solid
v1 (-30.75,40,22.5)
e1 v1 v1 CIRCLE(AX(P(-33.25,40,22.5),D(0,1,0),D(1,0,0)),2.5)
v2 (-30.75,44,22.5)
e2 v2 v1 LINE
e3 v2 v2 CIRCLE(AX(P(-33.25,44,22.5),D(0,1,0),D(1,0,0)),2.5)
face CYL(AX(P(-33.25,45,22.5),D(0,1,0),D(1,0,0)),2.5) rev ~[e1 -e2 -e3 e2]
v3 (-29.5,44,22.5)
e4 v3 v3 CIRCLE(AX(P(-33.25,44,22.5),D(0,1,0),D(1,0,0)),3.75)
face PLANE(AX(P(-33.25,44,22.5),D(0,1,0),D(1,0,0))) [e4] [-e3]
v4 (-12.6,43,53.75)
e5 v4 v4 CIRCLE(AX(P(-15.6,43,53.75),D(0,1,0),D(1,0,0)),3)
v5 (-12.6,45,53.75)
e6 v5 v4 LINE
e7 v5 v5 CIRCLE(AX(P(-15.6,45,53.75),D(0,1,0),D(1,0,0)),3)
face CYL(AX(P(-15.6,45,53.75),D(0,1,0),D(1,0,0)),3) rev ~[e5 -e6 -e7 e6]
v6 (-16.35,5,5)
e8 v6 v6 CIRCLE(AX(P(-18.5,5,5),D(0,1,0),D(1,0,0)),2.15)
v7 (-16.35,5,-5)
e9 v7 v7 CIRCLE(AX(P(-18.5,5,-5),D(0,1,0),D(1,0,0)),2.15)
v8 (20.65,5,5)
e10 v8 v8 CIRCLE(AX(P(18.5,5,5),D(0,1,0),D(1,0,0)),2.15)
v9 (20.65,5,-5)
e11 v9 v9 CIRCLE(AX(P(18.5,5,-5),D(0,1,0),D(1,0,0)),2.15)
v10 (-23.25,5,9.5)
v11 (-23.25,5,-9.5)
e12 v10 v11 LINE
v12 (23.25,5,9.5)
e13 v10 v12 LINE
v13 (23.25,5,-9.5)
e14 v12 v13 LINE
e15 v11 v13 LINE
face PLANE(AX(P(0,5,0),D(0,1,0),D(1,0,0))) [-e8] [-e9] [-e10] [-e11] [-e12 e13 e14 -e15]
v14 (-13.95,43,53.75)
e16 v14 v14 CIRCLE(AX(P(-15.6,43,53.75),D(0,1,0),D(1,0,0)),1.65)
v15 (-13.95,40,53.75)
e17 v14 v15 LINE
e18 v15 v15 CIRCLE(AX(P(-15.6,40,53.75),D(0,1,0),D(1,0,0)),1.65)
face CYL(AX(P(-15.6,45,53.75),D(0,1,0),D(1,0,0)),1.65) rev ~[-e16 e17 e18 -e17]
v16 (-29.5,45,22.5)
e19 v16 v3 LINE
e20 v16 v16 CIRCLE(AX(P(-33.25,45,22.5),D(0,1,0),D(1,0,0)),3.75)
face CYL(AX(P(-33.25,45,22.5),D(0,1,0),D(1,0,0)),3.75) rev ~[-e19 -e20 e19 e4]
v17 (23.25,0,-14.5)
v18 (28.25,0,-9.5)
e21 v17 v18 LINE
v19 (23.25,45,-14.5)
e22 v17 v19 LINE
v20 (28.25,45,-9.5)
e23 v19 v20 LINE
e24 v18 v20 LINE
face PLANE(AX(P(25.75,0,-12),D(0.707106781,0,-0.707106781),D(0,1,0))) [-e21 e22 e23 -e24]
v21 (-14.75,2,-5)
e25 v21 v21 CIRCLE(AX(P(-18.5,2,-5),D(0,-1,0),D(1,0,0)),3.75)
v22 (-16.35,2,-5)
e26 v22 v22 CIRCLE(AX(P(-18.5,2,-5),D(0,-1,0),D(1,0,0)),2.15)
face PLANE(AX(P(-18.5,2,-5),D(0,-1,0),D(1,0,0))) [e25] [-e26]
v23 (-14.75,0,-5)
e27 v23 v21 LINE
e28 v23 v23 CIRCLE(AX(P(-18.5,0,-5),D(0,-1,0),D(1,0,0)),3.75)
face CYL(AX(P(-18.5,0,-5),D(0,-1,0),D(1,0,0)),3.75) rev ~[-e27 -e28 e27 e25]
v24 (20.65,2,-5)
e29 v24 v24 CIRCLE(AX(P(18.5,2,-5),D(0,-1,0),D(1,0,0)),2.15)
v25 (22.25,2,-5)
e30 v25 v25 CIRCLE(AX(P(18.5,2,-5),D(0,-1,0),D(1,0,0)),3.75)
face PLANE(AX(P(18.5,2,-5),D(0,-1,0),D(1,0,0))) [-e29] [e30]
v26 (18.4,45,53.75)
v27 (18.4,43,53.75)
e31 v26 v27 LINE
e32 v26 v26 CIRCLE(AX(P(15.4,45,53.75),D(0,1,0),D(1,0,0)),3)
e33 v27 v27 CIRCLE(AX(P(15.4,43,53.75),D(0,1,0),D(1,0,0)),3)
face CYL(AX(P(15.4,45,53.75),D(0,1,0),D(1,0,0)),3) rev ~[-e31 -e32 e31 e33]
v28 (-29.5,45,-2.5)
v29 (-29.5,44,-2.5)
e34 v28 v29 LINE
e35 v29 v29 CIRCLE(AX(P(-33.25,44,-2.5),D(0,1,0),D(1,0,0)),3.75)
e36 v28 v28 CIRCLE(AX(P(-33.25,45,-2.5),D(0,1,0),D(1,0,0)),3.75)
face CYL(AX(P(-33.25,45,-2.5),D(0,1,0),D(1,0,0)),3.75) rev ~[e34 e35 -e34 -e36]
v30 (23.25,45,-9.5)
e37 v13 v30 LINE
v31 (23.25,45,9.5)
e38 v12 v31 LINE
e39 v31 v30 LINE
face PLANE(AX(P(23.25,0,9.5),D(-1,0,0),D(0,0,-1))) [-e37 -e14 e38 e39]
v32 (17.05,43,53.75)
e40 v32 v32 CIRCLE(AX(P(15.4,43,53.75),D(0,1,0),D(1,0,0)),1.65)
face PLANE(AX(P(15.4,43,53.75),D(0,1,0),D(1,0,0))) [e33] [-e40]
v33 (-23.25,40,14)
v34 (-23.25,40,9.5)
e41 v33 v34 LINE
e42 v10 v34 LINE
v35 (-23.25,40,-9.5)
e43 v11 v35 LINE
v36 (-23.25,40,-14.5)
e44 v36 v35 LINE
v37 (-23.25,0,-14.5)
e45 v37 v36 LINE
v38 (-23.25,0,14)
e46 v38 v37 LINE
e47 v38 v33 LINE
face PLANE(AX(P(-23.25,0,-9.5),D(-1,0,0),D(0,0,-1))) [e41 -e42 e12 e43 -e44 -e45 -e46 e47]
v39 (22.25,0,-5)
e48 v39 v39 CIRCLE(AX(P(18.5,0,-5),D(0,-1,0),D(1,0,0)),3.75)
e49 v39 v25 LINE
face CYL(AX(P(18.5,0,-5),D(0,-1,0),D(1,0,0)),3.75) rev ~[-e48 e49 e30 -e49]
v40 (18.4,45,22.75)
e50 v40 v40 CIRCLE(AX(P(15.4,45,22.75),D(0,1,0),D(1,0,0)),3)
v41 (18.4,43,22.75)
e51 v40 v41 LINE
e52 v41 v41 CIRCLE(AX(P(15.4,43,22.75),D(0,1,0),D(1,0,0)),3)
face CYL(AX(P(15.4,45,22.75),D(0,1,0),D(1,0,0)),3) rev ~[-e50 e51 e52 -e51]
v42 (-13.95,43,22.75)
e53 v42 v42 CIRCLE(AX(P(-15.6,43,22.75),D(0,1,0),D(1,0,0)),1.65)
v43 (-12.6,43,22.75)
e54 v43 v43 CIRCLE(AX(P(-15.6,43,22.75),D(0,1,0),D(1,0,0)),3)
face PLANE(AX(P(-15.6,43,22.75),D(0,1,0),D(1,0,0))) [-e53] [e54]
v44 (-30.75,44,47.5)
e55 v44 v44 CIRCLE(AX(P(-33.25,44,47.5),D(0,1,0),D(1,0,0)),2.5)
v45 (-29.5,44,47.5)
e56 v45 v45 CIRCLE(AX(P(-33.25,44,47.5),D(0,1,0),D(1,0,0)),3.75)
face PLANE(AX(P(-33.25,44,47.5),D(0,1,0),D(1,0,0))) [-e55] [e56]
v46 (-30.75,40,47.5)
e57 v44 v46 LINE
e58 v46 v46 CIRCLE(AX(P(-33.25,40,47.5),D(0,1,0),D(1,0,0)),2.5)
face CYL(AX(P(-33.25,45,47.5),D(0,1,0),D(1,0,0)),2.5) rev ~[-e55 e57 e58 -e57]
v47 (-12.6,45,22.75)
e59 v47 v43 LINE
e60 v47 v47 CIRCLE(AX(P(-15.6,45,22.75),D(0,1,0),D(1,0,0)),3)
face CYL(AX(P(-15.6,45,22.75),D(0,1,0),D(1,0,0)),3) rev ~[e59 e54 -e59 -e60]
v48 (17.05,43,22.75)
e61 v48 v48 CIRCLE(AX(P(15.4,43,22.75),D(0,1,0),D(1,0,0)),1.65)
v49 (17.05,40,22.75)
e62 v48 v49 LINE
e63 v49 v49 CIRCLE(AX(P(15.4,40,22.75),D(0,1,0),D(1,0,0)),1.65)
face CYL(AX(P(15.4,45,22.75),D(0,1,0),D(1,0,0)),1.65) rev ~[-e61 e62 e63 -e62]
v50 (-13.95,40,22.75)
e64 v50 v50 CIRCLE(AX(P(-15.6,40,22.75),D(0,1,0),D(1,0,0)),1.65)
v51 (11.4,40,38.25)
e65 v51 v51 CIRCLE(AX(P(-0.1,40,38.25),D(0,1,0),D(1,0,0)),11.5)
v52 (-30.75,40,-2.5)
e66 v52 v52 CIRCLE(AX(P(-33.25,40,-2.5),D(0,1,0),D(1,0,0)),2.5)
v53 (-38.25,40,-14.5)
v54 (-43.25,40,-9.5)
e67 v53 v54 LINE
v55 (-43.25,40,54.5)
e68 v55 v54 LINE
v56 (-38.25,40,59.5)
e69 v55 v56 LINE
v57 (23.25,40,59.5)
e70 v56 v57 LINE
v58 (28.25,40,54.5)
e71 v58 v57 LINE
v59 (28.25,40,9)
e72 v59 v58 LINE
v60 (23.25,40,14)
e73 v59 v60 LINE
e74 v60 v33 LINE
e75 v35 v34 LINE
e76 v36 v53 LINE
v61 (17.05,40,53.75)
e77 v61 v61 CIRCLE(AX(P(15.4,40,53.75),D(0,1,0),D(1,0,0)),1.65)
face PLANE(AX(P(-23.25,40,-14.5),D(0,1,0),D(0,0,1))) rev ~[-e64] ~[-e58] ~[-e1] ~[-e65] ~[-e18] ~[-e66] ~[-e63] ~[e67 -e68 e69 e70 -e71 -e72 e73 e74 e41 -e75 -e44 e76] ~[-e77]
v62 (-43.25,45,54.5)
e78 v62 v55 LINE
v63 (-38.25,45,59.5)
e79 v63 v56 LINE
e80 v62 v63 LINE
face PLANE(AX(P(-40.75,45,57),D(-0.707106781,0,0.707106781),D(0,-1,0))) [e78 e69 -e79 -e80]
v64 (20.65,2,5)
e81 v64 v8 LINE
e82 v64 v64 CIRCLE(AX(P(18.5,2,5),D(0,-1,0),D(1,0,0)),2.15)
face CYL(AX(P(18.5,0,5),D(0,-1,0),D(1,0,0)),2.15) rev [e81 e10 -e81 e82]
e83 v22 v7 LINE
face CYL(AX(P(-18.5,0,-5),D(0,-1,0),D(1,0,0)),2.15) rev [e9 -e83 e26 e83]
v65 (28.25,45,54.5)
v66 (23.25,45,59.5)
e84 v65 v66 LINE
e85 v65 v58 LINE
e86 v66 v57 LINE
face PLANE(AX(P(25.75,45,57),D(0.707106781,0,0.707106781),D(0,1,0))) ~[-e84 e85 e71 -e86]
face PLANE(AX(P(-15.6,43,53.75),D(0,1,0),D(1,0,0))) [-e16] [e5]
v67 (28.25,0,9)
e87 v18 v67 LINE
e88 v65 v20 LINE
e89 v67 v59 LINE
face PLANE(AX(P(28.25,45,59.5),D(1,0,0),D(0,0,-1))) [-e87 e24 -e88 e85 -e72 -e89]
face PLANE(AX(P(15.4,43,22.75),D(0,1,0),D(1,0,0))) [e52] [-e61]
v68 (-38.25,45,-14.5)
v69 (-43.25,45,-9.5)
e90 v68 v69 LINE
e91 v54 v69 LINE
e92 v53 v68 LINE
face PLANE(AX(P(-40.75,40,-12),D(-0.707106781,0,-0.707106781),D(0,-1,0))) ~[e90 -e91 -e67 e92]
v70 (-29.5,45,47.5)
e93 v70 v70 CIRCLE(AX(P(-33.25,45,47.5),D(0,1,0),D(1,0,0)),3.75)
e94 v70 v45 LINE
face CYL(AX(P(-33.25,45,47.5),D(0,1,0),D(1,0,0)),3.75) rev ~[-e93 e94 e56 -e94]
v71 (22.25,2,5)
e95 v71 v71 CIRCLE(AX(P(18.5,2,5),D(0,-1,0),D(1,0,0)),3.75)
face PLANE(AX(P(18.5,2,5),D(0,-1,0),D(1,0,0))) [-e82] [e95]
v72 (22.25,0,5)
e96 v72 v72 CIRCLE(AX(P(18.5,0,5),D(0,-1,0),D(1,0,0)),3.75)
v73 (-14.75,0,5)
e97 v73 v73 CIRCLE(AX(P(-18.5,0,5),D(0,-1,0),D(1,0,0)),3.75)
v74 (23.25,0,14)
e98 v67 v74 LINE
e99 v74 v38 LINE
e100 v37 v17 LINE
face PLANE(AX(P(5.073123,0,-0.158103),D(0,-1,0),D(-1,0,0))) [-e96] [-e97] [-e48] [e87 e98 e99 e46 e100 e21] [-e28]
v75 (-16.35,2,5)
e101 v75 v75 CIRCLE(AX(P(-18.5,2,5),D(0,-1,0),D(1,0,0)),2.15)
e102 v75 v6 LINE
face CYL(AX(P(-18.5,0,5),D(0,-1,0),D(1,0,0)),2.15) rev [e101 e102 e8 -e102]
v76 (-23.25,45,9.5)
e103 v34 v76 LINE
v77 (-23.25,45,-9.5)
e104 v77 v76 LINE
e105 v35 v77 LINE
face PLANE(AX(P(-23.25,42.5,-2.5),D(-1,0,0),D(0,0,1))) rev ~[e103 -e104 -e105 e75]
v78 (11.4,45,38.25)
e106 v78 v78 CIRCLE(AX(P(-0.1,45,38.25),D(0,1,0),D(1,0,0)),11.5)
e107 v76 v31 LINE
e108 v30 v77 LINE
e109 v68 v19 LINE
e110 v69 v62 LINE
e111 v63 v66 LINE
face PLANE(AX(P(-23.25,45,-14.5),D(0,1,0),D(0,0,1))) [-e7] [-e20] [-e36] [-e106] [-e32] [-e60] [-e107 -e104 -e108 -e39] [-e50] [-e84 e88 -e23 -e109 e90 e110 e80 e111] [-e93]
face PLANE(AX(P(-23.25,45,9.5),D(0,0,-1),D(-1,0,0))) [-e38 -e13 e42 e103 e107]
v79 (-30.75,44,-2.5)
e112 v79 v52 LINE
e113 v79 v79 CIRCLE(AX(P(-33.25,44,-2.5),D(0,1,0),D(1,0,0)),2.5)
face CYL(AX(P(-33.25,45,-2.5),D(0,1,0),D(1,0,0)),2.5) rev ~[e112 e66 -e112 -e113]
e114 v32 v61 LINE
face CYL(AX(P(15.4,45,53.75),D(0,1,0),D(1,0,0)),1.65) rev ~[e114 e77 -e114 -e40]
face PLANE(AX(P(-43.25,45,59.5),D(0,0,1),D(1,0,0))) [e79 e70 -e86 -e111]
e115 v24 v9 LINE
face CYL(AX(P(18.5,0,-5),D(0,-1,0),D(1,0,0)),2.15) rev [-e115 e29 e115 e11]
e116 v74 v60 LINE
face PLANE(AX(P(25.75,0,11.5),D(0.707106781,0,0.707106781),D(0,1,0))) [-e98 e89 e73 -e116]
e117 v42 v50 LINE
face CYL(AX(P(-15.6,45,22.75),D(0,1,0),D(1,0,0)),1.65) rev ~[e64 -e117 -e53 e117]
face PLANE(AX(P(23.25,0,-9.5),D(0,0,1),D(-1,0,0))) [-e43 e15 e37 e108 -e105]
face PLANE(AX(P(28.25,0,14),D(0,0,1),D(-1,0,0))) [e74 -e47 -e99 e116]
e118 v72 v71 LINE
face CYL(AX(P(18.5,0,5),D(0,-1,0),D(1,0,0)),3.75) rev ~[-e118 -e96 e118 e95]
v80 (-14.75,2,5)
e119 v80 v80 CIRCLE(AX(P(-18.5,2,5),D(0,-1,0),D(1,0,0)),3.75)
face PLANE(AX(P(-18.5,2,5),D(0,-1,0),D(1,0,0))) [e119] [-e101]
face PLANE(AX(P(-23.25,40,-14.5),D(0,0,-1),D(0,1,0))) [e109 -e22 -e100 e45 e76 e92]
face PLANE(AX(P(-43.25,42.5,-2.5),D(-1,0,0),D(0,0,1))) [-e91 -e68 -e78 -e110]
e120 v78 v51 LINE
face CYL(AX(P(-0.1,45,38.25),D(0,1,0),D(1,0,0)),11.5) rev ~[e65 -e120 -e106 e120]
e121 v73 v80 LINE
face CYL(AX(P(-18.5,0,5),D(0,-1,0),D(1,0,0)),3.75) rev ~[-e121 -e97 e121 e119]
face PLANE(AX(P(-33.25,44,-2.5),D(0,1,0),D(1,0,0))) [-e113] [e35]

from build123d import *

# Parameters (mm, degrees)
SKETCH1_W           = 46.5
SKETCH1_H           = 19
SKETCH1_R           = 2.15
BOSS_EXTRUDE1_DEPTH = 5
BOSS_EXTRUDE2_DEPTH = 45
BOSS_EXTRUDE5_DEPTH = 5
CUT_EXTRUDE1_REACH  = 47
SKETCH7_R           = 11.5
SKETCH7_R_2         = 1.65
SKETCH8_W           = 24
SKETCH8_H           = 5
BOSS_EXTRUDE6_DEPTH = 20
CUT_EXTRUDE2_REACH  = 47
SKETCH9_R           = 2.5
CHAMFER1_SIZE       = 5
SKETCH10_R          = 3
CUT_EXTRUDE3_DEPTH  = 2
SKETCH12_R          = 3.75
CUT_EXTRUDE5_DEPTH  = 2
SKETCH13_R          = 3.75
CUT_EXTRUDE6_DEPTH  = 1


with BuildPart() as part:
    # Sketch1 → Boss-Extrude1 (new body)
    with BuildSketch(Plane(origin=(0, 0, 0), x_dir=(1, 0, 0), z_dir=(0, 1, 0))):
        Rectangle(SKETCH1_W, SKETCH1_H)
        with Locations((-18.5, 5)):
            Circle(SKETCH1_R, mode=Mode.SUBTRACT)
        with Locations((-18.5, -5)):
            Circle(SKETCH1_R, mode=Mode.SUBTRACT)
        with Locations((18.5, -5)):
            Circle(SKETCH1_R, mode=Mode.SUBTRACT)
        with Locations((18.5, 5)):
            Circle(SKETCH1_R, mode=Mode.SUBTRACT)
    extrude(amount=BOSS_EXTRUDE1_DEPTH)

    # Sketch2 → Boss-Extrude2 (add)
    with BuildSketch(Plane(origin=(0, 0, 0), x_dir=(1, 0, 0), z_dir=(0, 1, 0))):
        Polygon((28.25, 14.5), (28.25, -14), (-23.25, -14), (-23.25, -9.5), (23.25, -9.5), (23.25, 9.5), (-23.25, 9.5), (-23.25, 14.5), align=None)
    extrude(amount=BOSS_EXTRUDE2_DEPTH)

    # Sketch6 → Boss-Extrude5 (add)
    with BuildSketch(Plane(origin=(0, 45, 0), x_dir=(1, 0, 0), z_dir=(0, 1, 0))):
        Polygon((28.25, -14), (-23.25, -14), (-23.25, -9.5), (-43.25, -9.5), (-43.25, -59.5), (28.25, -59.5), align=None)
    extrude(amount=-BOSS_EXTRUDE5_DEPTH)

    # Sketch7 → Cut-Extrude1 (cut, up to next)
    with BuildSketch(Plane(origin=(0, 45, 0), x_dir=(1, 0, 0), z_dir=(0, 1, 0)), mode=Mode.PRIVATE) as cut_extrude1_sk1:
        with Locations((-0.1, -38.25)):
            Circle(SKETCH7_R)
    cut_extrude1_tool1 = extrude(cut_extrude1_sk1.sketch, amount=-CUT_EXTRUDE1_REACH, mode=Mode.PRIVATE) & part.part
    add(cut_extrude1_tool1.solids().sort_by_distance((-0.1, 45, 38.25))[0], mode=Mode.SUBTRACT)
    # Sketch7 → Cut-Extrude1 (cut, up to next)
    with BuildSketch(Plane(origin=(0, 45, 0), x_dir=(1, 0, 0), z_dir=(0, 1, 0)), mode=Mode.PRIVATE) as cut_extrude1_sk2:
        with Locations((-15.6, -22.75)):
            Circle(SKETCH7_R_2)
    cut_extrude1_tool2 = extrude(cut_extrude1_sk2.sketch, amount=-CUT_EXTRUDE1_REACH, mode=Mode.PRIVATE) & part.part
    add(cut_extrude1_tool2.solids().sort_by_distance((-15.6, 45, 22.75))[0], mode=Mode.SUBTRACT)
    # Sketch7 → Cut-Extrude1 (cut, up to next)
    with BuildSketch(Plane(origin=(0, 45, 0), x_dir=(1, 0, 0), z_dir=(0, 1, 0)), mode=Mode.PRIVATE) as cut_extrude1_sk3:
        with Locations((15.4, -22.75)):
            Circle(SKETCH7_R_2)
    cut_extrude1_tool3 = extrude(cut_extrude1_sk3.sketch, amount=-CUT_EXTRUDE1_REACH, mode=Mode.PRIVATE) & part.part
    add(cut_extrude1_tool3.solids().sort_by_distance((15.4, 45, 22.75))[0], mode=Mode.SUBTRACT)
    # Sketch7 → Cut-Extrude1 (cut, up to next)
    with BuildSketch(Plane(origin=(0, 45, 0), x_dir=(1, 0, 0), z_dir=(0, 1, 0)), mode=Mode.PRIVATE) as cut_extrude1_sk4:
        with Locations((15.4, -53.75)):
            Circle(SKETCH7_R_2)
    cut_extrude1_tool4 = extrude(cut_extrude1_sk4.sketch, amount=-CUT_EXTRUDE1_REACH, mode=Mode.PRIVATE) & part.part
    add(cut_extrude1_tool4.solids().sort_by_distance((15.4, 45, 53.75))[0], mode=Mode.SUBTRACT)
    # Sketch7 → Cut-Extrude1 (cut, up to next)
    with BuildSketch(Plane(origin=(0, 45, 0), x_dir=(1, 0, 0), z_dir=(0, 1, 0)), mode=Mode.PRIVATE) as cut_extrude1_sk5:
        with Locations((-15.6, -53.75)):
            Circle(SKETCH7_R_2)
    cut_extrude1_tool5 = extrude(cut_extrude1_sk5.sketch, amount=-CUT_EXTRUDE1_REACH, mode=Mode.PRIVATE) & part.part
    add(cut_extrude1_tool5.solids().sort_by_distance((-15.6, 45, 53.75))[0], mode=Mode.SUBTRACT)

    # Sketch8 → Boss-Extrude6 (add)
    with BuildSketch(Plane.ZY.offset(23.25)):
        with Locations((-2.5, 42.5)):
            Rectangle(SKETCH8_W, SKETCH8_H)
    extrude(amount=BOSS_EXTRUDE6_DEPTH)

    # Sketch9 → Cut-Extrude2 (cut, up to next)
    with BuildSketch(Plane(origin=(0, 45, 0), x_dir=(1, 0, 0), z_dir=(0, 1, 0)), mode=Mode.PRIVATE) as cut_extrude2_sk1:
        with Locations((-33.25, 2.5)):
            Circle(SKETCH9_R)
    cut_extrude2_tool1 = extrude(cut_extrude2_sk1.sketch, amount=-CUT_EXTRUDE2_REACH, mode=Mode.PRIVATE) & part.part
    add(cut_extrude2_tool1.solids().sort_by_distance((-33.25, 45, -2.5))[0], mode=Mode.SUBTRACT)
    # Sketch9 → Cut-Extrude2 (cut, up to next)
    with BuildSketch(Plane(origin=(0, 45, 0), x_dir=(1, 0, 0), z_dir=(0, 1, 0)), mode=Mode.PRIVATE) as cut_extrude2_sk2:
        with Locations((-33.25, -22.5)):
            Circle(SKETCH9_R)
    cut_extrude2_tool2 = extrude(cut_extrude2_sk2.sketch, amount=-CUT_EXTRUDE2_REACH, mode=Mode.PRIVATE) & part.part
    add(cut_extrude2_tool2.solids().sort_by_distance((-33.25, 45, 22.5))[0], mode=Mode.SUBTRACT)
    # Sketch9 → Cut-Extrude2 (cut, up to next)
    with BuildSketch(Plane(origin=(0, 45, 0), x_dir=(1, 0, 0), z_dir=(0, 1, 0)), mode=Mode.PRIVATE) as cut_extrude2_sk3:
        with Locations((-33.25, -47.5)):
            Circle(SKETCH9_R)
    cut_extrude2_tool3 = extrude(cut_extrude2_sk3.sketch, amount=-CUT_EXTRUDE2_REACH, mode=Mode.PRIVATE) & part.part
    add(cut_extrude2_tool3.solids().sort_by_distance((-33.25, 45, 47.5))[0], mode=Mode.SUBTRACT)

    # Chamfer1
    chamfer1_edges = [part.edges().sort_by_distance(p)[0] for p in [
        (28.25, 22.5, -14.5),
        (28.25, 20, 14),
        (-43.25, 42.5, 59.5),
        (28.25, 42.5, 59.5),
        (-43.25, 42.5, -14.5),
    ]]
    chamfer(chamfer1_edges, length=CHAMFER1_SIZE)

    # Sketch10 → Cut-Extrude3 (cut)
    with BuildSketch(Plane(origin=(0, 45, 0), x_dir=(1, 0, 0), z_dir=(0, 1, 0))):
        with Locations((-15.6, -22.75)):
            Circle(SKETCH10_R)
        with Locations((15.4, -22.75)):
            Circle(SKETCH10_R)
        with Locations((-15.6, -53.75)):
            Circle(SKETCH10_R)
        with Locations((15.4, -53.75)):
            Circle(SKETCH10_R)
    extrude(amount=-CUT_EXTRUDE3_DEPTH, mode=Mode.SUBTRACT)

    # Sketch12 → Cut-Extrude5 (cut)
    with BuildSketch(Plane.XZ):
        with Locations((-18.5, 5)):
            Circle(SKETCH12_R)
        with Locations((-18.5, -5)):
            Circle(SKETCH12_R)
        with Locations((18.5, -5)):
            Circle(SKETCH12_R)
        with Locations((18.5, 5)):
            Circle(SKETCH12_R)
    extrude(amount=-CUT_EXTRUDE5_DEPTH, mode=Mode.SUBTRACT)

    # Sketch13 → Cut-Extrude6 (cut)
    with BuildSketch(Plane(origin=(0, 45, 0), x_dir=(1, 0, 0), z_dir=(0, 1, 0))):
        with Locations((-33.25, 2.5)):
            Circle(SKETCH13_R)
        with Locations((-33.25, -22.5)):
            Circle(SKETCH13_R)
        with Locations((-33.25, -47.5)):
            Circle(SKETCH13_R)
    extrude(amount=-CUT_EXTRUDE6_DEPTH, mode=Mode.SUBTRACT)


solid = part.part
